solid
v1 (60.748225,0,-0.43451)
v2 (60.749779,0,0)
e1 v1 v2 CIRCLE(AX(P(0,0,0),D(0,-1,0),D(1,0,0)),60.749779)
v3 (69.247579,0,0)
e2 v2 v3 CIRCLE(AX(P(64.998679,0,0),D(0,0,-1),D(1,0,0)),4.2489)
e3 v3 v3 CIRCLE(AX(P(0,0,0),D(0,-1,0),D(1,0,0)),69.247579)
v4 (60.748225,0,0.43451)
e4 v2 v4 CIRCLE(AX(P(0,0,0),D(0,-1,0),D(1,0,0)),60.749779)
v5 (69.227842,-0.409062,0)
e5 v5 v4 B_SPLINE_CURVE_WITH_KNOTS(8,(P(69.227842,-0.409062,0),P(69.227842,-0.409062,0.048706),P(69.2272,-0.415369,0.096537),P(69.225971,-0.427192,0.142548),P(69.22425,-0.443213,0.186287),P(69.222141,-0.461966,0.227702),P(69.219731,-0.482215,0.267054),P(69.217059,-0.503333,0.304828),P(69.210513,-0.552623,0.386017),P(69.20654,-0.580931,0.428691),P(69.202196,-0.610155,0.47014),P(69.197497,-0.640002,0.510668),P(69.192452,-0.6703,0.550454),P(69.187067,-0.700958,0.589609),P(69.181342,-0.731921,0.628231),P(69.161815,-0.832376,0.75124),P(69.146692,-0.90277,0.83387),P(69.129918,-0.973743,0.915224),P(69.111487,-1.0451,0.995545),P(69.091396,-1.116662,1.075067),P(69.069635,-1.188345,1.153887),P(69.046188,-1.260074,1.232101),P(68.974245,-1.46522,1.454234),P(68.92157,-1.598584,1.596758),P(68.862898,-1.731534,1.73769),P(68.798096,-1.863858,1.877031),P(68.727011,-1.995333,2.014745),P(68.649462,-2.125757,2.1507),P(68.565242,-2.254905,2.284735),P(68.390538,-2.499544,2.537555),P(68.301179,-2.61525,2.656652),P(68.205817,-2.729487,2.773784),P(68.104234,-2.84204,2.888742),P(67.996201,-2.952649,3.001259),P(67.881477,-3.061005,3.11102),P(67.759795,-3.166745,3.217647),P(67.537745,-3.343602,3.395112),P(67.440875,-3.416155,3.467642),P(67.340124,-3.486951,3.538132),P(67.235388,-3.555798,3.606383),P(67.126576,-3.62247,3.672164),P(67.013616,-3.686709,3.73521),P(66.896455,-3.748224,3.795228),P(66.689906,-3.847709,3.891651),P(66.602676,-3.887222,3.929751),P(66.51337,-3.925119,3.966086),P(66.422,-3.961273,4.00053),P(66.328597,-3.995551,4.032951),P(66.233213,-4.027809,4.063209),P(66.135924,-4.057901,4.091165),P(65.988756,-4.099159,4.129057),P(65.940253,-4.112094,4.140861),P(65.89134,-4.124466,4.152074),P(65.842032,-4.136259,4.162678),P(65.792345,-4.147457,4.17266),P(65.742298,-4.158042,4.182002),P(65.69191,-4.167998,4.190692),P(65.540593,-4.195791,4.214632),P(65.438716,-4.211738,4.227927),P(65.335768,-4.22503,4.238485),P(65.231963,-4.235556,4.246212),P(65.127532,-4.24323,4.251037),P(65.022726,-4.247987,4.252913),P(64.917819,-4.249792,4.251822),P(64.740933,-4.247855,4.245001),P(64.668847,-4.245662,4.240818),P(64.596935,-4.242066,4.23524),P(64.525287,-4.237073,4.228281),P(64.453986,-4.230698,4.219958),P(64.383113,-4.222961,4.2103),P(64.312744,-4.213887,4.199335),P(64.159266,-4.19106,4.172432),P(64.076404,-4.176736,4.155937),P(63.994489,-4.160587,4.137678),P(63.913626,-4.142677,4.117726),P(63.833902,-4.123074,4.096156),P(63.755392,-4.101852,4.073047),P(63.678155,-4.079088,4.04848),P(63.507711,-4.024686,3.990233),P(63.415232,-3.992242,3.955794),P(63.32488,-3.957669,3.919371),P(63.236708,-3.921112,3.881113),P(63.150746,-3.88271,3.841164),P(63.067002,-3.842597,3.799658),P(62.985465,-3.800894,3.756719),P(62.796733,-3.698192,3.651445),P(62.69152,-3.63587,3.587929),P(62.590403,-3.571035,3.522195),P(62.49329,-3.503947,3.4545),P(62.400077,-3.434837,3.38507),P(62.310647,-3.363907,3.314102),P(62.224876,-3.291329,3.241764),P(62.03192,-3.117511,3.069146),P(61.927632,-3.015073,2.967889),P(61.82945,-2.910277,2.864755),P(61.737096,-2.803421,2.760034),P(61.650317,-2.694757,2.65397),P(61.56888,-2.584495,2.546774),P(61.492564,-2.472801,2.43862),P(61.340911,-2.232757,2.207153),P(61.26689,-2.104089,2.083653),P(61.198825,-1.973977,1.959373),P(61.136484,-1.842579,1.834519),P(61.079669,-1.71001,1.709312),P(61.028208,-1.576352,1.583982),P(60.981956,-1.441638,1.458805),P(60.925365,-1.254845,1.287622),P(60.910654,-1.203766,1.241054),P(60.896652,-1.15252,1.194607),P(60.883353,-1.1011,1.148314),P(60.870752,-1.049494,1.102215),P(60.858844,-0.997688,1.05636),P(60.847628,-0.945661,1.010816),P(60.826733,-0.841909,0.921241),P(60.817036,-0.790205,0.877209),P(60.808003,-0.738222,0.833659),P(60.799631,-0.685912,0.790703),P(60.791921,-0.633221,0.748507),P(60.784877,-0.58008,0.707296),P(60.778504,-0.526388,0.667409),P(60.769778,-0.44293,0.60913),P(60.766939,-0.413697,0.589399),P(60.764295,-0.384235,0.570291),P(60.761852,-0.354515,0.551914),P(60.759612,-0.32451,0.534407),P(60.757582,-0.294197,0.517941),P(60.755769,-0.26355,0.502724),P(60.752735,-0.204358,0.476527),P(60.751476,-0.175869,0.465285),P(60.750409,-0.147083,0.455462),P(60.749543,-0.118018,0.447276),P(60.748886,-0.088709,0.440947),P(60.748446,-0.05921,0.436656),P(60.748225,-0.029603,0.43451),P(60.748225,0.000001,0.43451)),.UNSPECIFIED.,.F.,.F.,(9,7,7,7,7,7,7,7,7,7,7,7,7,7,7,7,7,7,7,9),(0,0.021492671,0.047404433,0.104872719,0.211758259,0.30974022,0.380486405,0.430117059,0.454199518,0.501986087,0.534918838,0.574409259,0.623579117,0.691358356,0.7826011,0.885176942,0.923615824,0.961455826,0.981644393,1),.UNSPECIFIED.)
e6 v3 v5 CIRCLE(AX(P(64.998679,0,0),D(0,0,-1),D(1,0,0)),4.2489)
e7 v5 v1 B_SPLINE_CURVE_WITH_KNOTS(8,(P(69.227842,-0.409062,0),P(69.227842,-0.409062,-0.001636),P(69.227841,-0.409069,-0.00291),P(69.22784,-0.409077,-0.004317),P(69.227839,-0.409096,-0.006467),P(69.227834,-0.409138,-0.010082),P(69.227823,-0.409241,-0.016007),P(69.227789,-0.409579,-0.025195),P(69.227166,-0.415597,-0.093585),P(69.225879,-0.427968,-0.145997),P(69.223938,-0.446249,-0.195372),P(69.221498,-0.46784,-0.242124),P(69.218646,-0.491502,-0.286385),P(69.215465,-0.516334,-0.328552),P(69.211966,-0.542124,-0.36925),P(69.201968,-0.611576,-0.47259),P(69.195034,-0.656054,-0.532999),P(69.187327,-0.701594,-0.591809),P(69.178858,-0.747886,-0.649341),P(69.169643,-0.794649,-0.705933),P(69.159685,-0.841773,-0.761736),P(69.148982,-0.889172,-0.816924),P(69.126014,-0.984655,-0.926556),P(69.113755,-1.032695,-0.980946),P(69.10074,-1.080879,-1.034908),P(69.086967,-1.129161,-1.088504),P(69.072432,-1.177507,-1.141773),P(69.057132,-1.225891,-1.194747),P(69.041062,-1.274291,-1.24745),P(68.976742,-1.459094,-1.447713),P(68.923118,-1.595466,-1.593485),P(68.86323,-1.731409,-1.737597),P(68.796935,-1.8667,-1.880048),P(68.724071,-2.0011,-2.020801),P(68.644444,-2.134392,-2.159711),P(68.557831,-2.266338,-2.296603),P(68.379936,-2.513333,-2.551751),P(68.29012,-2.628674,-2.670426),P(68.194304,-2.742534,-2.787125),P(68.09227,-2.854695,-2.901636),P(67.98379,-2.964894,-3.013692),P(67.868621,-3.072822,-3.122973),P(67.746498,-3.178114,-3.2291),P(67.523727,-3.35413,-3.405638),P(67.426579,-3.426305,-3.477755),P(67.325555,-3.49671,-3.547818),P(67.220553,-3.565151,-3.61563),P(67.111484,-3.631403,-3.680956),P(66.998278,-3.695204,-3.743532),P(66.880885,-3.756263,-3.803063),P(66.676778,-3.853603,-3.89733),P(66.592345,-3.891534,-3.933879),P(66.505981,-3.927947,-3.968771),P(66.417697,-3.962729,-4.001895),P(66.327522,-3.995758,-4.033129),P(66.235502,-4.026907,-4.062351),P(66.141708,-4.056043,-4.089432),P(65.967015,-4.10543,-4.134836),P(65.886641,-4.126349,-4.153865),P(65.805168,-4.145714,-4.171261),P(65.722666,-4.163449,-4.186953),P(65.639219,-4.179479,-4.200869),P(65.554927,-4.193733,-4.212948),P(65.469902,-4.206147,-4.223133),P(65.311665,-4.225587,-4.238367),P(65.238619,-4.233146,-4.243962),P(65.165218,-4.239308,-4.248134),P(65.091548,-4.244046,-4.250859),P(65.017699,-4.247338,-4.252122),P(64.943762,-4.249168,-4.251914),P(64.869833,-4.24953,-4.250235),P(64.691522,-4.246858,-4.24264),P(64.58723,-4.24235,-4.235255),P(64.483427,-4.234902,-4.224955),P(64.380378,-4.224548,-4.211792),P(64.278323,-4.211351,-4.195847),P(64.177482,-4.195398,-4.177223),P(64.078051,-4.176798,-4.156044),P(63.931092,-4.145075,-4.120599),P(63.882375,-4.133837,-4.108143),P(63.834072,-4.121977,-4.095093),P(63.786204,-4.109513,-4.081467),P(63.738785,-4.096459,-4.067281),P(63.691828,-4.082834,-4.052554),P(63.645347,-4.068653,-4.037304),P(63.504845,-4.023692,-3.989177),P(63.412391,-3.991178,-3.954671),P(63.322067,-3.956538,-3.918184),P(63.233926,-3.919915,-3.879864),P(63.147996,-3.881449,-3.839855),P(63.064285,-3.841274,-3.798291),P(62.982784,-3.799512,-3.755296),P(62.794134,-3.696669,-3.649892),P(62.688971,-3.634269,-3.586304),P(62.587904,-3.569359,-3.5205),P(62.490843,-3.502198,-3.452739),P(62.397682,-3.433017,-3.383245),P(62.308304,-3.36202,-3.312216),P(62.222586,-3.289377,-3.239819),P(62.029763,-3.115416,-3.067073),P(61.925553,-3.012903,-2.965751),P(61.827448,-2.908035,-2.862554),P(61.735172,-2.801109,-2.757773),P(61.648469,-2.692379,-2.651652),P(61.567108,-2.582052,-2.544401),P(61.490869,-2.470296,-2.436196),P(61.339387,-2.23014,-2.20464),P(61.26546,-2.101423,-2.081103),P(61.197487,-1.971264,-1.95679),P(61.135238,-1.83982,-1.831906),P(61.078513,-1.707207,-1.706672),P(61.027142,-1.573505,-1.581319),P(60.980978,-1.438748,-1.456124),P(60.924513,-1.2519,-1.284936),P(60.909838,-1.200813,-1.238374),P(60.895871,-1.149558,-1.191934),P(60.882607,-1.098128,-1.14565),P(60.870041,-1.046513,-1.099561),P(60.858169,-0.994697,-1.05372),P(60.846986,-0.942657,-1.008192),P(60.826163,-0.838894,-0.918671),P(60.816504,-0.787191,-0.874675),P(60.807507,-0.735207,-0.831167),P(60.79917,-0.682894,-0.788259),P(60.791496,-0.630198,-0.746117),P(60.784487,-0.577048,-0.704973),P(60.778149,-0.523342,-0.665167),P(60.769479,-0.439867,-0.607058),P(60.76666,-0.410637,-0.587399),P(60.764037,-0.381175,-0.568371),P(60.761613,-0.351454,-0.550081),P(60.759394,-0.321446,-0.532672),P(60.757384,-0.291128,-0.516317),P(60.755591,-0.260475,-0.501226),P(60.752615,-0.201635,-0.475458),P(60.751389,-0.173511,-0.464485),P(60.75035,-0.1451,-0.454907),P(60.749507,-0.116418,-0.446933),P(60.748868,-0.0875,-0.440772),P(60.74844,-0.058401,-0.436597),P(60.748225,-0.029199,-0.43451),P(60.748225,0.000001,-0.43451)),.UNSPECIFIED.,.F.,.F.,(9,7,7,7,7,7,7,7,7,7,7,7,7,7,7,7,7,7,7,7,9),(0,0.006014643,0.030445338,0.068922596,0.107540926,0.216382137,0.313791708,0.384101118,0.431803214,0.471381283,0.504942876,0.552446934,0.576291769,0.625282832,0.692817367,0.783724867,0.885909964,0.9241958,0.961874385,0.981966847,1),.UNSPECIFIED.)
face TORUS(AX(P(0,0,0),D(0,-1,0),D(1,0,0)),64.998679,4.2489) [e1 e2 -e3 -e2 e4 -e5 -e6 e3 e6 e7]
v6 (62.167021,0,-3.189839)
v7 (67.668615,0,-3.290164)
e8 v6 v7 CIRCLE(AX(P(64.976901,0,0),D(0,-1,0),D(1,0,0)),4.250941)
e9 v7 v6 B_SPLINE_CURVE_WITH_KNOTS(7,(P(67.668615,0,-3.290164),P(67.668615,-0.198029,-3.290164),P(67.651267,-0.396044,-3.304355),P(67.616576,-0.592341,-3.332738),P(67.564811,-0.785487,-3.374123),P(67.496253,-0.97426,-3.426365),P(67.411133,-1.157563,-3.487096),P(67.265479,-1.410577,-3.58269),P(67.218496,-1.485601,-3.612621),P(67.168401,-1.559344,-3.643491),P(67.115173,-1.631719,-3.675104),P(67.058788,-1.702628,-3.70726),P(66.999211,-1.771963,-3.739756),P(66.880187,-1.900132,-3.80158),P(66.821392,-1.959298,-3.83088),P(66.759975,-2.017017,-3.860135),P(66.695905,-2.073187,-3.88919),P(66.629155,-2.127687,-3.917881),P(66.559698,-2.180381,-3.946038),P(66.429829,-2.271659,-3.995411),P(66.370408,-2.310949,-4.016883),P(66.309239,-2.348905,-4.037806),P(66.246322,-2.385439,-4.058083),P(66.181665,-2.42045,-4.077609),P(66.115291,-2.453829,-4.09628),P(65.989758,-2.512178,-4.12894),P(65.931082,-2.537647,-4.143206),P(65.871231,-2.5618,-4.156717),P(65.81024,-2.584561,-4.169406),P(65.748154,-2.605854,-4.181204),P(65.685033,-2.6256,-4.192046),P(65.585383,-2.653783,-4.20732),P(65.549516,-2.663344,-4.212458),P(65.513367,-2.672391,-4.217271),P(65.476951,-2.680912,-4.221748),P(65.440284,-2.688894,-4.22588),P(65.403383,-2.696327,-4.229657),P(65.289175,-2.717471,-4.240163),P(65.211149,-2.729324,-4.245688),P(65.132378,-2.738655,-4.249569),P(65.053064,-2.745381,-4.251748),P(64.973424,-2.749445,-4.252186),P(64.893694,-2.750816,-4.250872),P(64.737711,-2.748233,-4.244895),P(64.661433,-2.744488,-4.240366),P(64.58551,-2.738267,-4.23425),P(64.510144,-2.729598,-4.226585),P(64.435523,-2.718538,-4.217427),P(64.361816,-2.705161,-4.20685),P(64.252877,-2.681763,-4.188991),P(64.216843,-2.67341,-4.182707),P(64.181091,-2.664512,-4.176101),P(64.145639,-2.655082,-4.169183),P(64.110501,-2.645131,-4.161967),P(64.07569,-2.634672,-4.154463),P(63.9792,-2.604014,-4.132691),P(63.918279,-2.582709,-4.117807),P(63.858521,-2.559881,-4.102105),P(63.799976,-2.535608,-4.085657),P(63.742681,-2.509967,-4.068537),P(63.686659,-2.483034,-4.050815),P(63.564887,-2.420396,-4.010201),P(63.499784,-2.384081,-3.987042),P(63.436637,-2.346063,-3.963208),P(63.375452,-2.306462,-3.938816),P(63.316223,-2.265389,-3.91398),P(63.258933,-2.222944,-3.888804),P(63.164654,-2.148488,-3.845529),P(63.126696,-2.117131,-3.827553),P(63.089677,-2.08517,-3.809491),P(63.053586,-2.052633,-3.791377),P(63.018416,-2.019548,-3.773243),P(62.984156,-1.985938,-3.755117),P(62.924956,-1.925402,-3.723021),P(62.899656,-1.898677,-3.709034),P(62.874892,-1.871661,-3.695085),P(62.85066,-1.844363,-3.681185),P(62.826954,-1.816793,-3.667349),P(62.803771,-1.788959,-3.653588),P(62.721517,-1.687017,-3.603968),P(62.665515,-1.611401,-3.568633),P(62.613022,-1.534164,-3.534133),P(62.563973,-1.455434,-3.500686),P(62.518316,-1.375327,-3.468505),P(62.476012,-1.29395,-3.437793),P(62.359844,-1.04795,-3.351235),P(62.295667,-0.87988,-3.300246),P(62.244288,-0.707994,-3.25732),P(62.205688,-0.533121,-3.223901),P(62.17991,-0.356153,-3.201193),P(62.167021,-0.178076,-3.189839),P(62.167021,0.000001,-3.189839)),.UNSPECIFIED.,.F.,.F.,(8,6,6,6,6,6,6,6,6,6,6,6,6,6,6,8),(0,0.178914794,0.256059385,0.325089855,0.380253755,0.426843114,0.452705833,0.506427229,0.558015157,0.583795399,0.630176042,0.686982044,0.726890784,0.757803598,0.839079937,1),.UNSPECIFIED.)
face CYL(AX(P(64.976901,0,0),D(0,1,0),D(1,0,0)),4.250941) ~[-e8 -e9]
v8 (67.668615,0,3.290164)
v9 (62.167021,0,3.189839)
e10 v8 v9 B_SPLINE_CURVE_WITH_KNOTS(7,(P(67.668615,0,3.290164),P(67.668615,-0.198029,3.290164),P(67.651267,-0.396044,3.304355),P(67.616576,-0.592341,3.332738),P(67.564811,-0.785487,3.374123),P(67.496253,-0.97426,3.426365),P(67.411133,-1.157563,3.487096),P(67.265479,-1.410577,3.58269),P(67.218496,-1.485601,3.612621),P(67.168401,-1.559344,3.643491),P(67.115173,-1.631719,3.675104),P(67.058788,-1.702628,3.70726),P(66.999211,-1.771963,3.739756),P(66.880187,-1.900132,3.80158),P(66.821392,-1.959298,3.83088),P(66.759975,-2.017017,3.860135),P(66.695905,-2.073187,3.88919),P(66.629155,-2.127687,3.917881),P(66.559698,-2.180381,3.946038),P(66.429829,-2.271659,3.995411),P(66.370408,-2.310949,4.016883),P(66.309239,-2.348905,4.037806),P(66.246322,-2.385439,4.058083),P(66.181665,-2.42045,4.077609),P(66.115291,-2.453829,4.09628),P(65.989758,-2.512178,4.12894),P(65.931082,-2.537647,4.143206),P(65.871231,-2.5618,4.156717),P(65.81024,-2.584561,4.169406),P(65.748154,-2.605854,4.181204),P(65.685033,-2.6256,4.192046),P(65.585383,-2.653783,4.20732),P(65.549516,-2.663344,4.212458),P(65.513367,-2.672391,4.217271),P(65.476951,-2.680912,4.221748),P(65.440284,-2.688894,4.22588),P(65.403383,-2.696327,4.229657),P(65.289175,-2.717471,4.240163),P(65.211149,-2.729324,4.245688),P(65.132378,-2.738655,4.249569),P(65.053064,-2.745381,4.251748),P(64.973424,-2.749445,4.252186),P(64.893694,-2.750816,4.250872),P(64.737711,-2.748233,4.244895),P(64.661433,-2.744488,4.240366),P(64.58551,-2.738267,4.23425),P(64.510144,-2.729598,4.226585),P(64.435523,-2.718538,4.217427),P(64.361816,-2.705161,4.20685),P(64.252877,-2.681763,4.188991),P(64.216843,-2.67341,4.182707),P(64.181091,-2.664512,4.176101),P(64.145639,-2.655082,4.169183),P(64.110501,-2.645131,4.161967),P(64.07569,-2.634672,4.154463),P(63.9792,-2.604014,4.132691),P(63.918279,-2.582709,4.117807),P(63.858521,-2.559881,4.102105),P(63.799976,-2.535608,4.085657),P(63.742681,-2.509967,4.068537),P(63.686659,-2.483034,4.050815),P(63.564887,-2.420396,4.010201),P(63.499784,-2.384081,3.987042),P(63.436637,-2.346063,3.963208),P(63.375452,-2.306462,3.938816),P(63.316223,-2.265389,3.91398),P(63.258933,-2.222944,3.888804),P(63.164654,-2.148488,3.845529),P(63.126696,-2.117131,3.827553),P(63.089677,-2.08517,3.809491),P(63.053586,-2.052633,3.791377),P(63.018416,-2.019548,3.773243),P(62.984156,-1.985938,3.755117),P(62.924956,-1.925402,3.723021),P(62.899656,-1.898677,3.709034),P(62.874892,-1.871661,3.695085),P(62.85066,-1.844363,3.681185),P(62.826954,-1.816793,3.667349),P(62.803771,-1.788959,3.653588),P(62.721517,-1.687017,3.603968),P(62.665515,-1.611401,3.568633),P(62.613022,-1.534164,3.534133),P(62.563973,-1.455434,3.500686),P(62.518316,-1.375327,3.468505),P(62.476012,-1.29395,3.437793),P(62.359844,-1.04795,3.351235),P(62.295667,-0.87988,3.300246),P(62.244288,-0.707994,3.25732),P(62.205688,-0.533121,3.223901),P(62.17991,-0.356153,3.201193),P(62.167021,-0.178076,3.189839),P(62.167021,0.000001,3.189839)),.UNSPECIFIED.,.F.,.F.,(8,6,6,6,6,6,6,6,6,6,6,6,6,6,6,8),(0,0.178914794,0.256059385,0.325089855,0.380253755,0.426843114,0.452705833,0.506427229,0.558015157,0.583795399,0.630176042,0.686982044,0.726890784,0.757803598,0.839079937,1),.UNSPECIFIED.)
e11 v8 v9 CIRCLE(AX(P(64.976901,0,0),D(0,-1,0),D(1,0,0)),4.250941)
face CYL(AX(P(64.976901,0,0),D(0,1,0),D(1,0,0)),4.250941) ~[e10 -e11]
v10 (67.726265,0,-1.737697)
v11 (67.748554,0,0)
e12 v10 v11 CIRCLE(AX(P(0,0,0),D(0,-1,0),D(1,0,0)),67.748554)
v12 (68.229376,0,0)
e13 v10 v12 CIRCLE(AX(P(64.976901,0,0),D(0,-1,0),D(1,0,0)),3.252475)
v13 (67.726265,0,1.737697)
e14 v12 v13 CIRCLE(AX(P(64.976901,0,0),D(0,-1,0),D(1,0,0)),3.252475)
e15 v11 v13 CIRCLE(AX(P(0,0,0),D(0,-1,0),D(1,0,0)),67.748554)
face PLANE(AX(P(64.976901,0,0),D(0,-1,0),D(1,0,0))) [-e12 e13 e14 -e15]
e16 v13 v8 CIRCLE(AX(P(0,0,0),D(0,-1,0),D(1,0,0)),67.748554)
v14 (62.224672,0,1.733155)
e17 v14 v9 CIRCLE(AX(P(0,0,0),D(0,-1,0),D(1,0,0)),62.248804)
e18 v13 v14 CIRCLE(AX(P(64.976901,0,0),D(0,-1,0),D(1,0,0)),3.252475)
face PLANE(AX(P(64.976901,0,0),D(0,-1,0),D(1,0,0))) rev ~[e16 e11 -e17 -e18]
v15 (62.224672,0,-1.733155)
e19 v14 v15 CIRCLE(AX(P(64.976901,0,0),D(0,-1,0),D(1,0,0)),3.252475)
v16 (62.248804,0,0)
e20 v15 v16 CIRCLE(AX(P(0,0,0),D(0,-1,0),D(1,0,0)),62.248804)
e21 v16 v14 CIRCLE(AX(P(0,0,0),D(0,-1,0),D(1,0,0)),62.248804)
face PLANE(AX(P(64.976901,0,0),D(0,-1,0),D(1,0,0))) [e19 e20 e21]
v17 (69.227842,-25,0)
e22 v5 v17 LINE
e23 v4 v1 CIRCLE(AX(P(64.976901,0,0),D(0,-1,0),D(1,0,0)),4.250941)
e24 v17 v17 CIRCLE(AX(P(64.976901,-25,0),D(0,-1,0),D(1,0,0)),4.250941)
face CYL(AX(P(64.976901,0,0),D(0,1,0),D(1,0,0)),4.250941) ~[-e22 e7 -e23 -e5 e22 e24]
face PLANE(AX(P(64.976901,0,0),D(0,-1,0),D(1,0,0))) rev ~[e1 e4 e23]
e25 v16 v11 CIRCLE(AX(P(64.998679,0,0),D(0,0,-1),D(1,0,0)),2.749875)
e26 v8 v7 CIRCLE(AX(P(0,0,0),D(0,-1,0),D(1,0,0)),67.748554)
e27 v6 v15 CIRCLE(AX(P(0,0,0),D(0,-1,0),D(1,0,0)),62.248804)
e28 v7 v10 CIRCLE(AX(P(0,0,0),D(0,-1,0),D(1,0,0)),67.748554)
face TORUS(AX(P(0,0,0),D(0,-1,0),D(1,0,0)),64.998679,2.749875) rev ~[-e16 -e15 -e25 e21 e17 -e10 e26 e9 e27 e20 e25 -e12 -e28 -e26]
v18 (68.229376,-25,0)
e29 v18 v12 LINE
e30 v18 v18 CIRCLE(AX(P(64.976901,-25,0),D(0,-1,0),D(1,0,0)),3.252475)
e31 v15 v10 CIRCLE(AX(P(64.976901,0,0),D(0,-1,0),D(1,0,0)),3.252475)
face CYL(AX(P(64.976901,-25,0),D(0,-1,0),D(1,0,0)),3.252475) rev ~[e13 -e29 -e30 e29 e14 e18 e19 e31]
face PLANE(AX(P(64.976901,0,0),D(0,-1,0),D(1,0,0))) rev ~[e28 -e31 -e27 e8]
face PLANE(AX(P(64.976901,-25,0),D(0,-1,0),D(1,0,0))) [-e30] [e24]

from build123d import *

# Parameters (mm, degrees)
F1_R     = 4.2489
F1_R_2   = 2.749875
F3_R     = 4.250941
F4_DEPTH = 25
F5_R     = 3.252475
F6_DEPTH = 25


with BuildPart() as f2:
    # F2: sweep along a path in F0
    with BuildLine(Plane.XZ) as f2_path:
        CenterArc((0, 0), 65, 0, 360)
    # F1 (on Top) → F2 (sweep)
    with BuildSketch(Plane.XY):
        with Locations((64.998679, 0)):
            Circle(F1_R)
        with Locations((64.998679, 0)):
            Circle(F1_R_2, mode=Mode.SUBTRACT)
    sweep(path=f2_path.line)

    # F3 (on Front) → F4 (join)
    with BuildSketch(Plane.XZ):
        with Locations((64.976901, 0)):
            Circle(F3_R)
    extrude(amount=F4_DEPTH)

    # F5 (on face) → F6 (cut)
    with BuildSketch(Plane.XZ.offset(25)):
        with Locations((64.976901, 0)):
            Circle(F5_R)
    extrude(amount=-F6_DEPTH, mode=Mode.SUBTRACT)


solid = f2.part
